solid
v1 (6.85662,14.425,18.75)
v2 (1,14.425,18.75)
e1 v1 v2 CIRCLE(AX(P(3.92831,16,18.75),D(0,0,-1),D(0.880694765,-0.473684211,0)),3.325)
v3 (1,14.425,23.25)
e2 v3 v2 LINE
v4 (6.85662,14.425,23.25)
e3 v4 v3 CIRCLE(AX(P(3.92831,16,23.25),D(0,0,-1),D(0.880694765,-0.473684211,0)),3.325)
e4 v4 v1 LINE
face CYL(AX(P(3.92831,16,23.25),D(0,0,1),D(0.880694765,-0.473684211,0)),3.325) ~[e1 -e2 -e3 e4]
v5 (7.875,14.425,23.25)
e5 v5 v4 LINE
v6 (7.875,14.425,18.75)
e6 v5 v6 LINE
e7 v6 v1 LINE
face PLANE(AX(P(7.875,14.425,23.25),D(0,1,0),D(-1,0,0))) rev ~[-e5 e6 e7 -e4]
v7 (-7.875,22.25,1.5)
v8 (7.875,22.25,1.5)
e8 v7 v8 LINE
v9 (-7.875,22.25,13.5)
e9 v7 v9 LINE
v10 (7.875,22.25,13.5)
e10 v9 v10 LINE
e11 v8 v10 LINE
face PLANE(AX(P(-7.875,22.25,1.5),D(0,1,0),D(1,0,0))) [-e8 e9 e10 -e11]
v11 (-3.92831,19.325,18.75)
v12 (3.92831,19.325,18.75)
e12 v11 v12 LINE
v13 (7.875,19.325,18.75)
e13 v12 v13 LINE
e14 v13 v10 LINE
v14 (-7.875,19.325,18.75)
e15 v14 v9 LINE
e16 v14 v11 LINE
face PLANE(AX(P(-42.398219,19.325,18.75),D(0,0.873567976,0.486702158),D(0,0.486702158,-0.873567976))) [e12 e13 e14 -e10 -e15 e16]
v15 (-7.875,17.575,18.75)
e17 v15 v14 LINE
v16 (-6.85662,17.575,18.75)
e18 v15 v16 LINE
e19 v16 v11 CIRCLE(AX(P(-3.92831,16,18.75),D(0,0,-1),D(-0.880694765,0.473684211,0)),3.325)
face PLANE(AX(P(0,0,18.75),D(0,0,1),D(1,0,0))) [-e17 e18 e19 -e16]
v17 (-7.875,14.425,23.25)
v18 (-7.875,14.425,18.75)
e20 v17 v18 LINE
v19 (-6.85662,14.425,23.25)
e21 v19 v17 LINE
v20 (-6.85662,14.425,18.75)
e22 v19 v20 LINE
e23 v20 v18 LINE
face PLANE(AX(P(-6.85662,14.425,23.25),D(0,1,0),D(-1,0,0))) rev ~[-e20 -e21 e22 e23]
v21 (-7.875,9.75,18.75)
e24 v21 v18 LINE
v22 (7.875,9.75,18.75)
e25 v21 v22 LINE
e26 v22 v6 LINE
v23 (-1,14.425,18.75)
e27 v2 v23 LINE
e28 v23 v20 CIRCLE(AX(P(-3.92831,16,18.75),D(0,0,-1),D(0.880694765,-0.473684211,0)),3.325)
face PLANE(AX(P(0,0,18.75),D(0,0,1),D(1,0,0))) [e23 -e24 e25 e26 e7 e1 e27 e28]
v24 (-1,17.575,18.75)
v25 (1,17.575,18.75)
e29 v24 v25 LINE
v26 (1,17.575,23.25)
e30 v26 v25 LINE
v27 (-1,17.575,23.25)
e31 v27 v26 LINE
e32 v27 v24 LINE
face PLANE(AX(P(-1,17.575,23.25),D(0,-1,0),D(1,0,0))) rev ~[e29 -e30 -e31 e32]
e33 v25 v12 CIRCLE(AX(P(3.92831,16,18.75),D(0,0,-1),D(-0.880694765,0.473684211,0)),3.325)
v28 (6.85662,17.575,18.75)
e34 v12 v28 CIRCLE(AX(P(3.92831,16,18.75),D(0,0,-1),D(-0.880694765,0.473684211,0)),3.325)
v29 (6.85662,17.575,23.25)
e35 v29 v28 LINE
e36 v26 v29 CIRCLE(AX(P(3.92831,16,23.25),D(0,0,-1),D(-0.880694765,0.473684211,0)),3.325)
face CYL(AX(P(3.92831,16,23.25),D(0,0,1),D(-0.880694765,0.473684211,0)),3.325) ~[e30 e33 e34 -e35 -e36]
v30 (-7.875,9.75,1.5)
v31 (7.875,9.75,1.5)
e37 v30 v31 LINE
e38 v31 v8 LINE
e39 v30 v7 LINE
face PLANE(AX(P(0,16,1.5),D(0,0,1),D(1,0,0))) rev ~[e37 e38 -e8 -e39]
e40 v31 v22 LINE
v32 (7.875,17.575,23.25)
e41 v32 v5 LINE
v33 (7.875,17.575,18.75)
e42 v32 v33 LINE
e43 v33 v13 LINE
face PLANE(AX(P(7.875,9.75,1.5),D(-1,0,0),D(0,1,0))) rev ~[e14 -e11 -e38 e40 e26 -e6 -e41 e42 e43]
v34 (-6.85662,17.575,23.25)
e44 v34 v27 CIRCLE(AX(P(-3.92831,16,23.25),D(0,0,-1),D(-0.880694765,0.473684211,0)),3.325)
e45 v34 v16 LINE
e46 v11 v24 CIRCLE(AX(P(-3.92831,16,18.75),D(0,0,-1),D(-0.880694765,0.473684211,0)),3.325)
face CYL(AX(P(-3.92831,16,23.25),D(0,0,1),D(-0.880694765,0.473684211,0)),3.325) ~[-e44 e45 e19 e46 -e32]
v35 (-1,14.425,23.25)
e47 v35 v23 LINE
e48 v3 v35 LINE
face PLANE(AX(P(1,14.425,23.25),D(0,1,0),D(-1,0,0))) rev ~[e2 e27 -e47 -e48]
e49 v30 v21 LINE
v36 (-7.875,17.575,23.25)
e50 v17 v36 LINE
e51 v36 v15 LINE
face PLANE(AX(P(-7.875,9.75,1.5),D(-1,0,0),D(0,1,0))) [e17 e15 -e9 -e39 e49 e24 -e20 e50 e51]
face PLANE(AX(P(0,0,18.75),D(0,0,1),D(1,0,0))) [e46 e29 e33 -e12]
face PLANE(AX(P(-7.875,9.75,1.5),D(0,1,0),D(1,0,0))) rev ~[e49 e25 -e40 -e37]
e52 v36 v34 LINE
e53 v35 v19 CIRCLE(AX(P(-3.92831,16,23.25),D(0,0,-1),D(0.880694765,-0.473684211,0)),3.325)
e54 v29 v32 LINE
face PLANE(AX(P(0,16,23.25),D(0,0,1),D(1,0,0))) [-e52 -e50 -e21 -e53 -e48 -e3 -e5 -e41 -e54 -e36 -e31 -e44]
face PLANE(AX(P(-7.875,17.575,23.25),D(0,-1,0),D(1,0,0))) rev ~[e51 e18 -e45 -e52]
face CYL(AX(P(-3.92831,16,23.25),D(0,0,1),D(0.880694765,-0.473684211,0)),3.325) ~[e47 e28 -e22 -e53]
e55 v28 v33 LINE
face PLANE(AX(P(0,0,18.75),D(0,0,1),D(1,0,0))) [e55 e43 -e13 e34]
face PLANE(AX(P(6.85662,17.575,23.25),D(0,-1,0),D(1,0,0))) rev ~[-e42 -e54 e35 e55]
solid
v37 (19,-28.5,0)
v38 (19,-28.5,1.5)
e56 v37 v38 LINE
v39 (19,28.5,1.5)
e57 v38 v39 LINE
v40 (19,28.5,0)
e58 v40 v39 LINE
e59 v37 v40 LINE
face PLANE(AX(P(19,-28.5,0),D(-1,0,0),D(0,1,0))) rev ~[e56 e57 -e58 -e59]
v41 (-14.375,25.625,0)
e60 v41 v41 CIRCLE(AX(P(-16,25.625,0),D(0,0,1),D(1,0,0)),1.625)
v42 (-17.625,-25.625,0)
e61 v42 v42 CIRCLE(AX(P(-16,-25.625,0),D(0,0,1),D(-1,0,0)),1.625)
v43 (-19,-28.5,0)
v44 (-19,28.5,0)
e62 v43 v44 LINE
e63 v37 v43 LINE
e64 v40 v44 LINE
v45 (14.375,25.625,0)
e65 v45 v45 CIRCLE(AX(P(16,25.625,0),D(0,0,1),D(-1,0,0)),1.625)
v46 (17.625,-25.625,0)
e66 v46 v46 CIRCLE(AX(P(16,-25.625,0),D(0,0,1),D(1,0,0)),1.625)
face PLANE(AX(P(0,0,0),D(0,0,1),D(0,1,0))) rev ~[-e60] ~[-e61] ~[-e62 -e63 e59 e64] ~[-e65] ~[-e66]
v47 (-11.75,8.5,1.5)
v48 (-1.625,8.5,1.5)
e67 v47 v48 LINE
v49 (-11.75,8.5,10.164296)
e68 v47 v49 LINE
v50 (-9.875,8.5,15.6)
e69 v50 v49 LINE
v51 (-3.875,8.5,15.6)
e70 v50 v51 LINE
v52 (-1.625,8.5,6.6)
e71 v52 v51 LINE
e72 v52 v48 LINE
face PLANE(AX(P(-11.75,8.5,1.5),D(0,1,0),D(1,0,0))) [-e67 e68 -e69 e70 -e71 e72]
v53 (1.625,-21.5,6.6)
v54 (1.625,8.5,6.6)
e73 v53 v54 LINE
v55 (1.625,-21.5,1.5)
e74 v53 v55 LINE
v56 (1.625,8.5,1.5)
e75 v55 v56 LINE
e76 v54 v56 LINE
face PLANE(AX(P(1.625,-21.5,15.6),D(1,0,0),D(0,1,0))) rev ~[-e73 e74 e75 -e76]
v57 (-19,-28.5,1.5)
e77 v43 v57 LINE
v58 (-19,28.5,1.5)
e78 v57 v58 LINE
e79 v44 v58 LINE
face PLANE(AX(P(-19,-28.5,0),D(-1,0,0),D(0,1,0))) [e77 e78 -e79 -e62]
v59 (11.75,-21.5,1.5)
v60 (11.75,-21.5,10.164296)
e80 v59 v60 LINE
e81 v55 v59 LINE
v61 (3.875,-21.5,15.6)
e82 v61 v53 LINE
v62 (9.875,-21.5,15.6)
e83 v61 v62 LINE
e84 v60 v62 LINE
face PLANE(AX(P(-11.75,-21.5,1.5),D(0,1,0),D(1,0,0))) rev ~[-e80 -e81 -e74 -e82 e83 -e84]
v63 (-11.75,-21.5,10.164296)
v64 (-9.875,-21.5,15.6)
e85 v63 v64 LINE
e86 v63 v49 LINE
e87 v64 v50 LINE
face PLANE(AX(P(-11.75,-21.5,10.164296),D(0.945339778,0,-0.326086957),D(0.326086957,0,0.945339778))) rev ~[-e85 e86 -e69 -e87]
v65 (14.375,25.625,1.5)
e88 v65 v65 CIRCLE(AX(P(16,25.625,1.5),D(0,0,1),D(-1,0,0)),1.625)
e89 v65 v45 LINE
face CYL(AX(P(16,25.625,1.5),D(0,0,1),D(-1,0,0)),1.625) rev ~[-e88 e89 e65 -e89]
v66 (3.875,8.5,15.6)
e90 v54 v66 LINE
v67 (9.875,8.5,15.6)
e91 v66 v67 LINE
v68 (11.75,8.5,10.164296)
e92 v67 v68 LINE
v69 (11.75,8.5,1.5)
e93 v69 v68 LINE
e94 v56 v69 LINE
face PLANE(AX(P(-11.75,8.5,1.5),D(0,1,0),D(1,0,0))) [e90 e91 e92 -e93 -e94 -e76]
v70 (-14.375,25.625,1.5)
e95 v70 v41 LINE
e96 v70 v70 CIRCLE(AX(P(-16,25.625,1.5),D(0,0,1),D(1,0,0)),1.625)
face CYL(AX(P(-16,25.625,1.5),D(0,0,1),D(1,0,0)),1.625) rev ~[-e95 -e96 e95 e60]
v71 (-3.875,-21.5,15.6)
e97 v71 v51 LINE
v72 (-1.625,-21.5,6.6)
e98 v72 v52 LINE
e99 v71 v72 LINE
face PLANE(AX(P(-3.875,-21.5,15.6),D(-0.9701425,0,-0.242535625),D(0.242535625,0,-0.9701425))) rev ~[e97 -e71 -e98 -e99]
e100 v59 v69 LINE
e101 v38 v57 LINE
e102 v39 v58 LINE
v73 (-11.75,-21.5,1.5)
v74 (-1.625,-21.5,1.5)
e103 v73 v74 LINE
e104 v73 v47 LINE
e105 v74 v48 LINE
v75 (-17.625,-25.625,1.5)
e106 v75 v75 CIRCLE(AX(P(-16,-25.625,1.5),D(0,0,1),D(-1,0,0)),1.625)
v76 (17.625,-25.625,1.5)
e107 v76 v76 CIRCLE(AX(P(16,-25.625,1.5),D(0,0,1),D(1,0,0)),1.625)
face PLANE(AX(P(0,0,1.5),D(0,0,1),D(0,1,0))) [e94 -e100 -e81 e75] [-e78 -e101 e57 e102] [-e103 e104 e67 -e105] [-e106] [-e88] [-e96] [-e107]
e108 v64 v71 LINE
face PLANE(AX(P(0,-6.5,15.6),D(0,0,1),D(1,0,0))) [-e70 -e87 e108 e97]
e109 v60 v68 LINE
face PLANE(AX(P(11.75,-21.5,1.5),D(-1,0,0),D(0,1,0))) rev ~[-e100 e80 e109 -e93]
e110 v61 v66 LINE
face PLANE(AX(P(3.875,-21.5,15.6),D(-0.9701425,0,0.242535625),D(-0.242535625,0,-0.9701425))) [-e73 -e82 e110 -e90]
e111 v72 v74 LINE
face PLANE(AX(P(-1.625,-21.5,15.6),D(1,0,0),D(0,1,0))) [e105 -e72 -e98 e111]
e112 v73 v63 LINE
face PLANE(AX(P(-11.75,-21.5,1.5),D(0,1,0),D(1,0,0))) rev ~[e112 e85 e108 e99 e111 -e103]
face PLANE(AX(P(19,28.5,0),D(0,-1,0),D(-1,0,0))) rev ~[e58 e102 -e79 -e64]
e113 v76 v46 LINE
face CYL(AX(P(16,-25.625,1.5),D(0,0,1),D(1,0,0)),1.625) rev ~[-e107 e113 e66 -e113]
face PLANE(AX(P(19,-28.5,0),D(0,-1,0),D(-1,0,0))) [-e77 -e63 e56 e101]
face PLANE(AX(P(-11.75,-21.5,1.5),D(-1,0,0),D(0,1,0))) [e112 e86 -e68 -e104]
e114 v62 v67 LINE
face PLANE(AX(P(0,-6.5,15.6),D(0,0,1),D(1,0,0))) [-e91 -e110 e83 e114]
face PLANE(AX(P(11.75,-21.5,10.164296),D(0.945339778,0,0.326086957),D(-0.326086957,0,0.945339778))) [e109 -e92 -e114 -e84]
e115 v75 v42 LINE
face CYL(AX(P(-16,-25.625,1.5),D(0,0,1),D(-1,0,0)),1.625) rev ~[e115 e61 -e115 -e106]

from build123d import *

# Parameters (mm, degrees)
SKETCH1_W               = 57
SKETCH1_H               = 38
BOSS_EXTRUDE1_DEPTH     = 1.5
SKETCH2_R               = 1.625
CUT_EXTRUDE1_DEPTH      = 35.285565476
SKETCH3_W               = 23.5
SKETCH3_H               = 30
BOSS_EXTRUDE2_DEPTH     = 14.1
SKETCH4_W               = 3.25
SKETCH4_H               = 30
CUT_EXTRUDE2_DEPTH      = 14.1
CUT_EXTRUDE3_DEPTH      = 56.716783827
SKETCH6_W               = 15.75
SKETCH6_H               = 12.5
BOSS_EXTRUDE3_DEPTH     = 21.75
SKETCH8_OUTSIDE_W       = 54.468
SKETCH8_OUTSIDE_H       = 73.468
CUT_EXTRUDE4_DEPTH      = 4.5
CUT_EXTRUDE5_DEPTH      = 42.398218561
CUT_EXTRUDE5_DEPTH_BACK = 42.398218561


with BuildPart() as part:
    # Sketch1 → Boss-Extrude1 (new body)
    with BuildSketch(Plane(origin=(0, 0, 0), x_dir=(0, 1, 0), z_dir=(0, 0, 1))):
        Rectangle(SKETCH1_W, SKETCH1_H)
    extrude(amount=BOSS_EXTRUDE1_DEPTH)

    # Sketch2 → Cut-Extrude1 (cut, through all)
    with BuildSketch(Plane.XY.offset(1.5)):
        with Locations((-16, 25.625)):
            Circle(SKETCH2_R)
        with Locations(Location((-16, -25.625, 0), (0, 0, 180))):
            Circle(SKETCH2_R)
        with Locations(Location((16, 25.625, 0), (0, 0, 180))):
            Circle(SKETCH2_R)
        with Locations((16, -25.625)):
            Circle(SKETCH2_R)
    extrude(amount=-CUT_EXTRUDE1_DEPTH, mode=Mode.SUBTRACT)

    # Sketch3 → Boss-Extrude2 (add)
    with BuildSketch(Plane.XY.offset(1.5)):
        with Locations((0, -6.5)):
            Rectangle(SKETCH3_W, SKETCH3_H)
    extrude(amount=BOSS_EXTRUDE2_DEPTH)

    # Sketch4 → Cut-Extrude2 (cut)
    with BuildSketch(Plane.XY.offset(15.6)):
        with Locations((0, -6.5)):
            Rectangle(SKETCH4_W, SKETCH4_H)
    extrude(amount=-CUT_EXTRUDE2_DEPTH, mode=Mode.SUBTRACT)

    # Sketch5 → Cut-Extrude3 (cut, through all)
    with BuildSketch(Plane.XZ.offset(21.5)):
        Polygon((-11.75, 10.164296274), (-9.875, 15.6), (-11.75, 15.6), align=None)
        Polygon((-1.625, 15.6), (-3.875, 15.6), (-1.625, 6.6), align=None)
        Polygon((1.625, 6.6), (1.625, 15.6), (3.875, 15.6), align=None)
        Polygon((11.75, 15.6), (11.75, 10.164296274), (9.875, 15.6), align=None)
    extrude(amount=-CUT_EXTRUDE3_DEPTH, mode=Mode.SUBTRACT)


with BuildPart() as body_2:
    # Sketch6 → Boss-Extrude3 (new body)
    with BuildSketch(Plane.XY.offset(1.5)):
        with Locations((0, 16)):
            Rectangle(SKETCH6_W, SKETCH6_H)
    extrude(amount=BOSS_EXTRUDE3_DEPTH)

    # Sketch8 outside → Cut-Extrude4 (cut)
    with BuildSketch(Plane.XY.offset(23.25)):
        Rectangle(SKETCH8_OUTSIDE_W, SKETCH8_OUTSIDE_H)
        with BuildLine():
            Line((-1, 17.575), (1, 17.575))
            ThreePointArc((1, 17.575), (3.928310093, 19.325), (6.856620186, 17.575))
            Line((6.856620186, 17.575), (7.875, 17.575))
            Line((7.875, 17.575), (7.875, 14.425))
            Line((7.875, 14.425), (6.856620186, 14.425))
            ThreePointArc((6.856620186, 14.425), (3.928310093, 12.675), (1, 14.425))
            Line((1, 14.425), (-1, 14.425))
            ThreePointArc((-1, 14.425), (-3.928310093, 12.675), (-6.856620186, 14.425))
            Line((-6.856620186, 14.425), (-7.875, 14.425))
            Line((-7.875, 14.425), (-7.875, 17.575))
            Line((-7.875, 17.575), (-6.856620186, 17.575))
            ThreePointArc((-6.856620186, 17.575), (-3.928310093, 19.325), (-1, 17.575))
        make_face(mode=Mode.SUBTRACT)
    extrude(amount=-CUT_EXTRUDE4_DEPTH, mode=Mode.SUBTRACT)

    # Sketch9 → Cut-Extrude5 (cut, two sides: drawn at the far end of the back side and taken through both)
    with BuildSketch(Plane.YZ.offset(-CUT_EXTRUDE5_DEPTH_BACK)):
        Polygon((19.325, 18.75), (22.25, 13.5), (22.25, 18.75), align=None)
    extrude(amount=CUT_EXTRUDE5_DEPTH + CUT_EXTRUDE5_DEPTH_BACK, mode=Mode.SUBTRACT)


solid = Compound([part.part, body_2.part])
